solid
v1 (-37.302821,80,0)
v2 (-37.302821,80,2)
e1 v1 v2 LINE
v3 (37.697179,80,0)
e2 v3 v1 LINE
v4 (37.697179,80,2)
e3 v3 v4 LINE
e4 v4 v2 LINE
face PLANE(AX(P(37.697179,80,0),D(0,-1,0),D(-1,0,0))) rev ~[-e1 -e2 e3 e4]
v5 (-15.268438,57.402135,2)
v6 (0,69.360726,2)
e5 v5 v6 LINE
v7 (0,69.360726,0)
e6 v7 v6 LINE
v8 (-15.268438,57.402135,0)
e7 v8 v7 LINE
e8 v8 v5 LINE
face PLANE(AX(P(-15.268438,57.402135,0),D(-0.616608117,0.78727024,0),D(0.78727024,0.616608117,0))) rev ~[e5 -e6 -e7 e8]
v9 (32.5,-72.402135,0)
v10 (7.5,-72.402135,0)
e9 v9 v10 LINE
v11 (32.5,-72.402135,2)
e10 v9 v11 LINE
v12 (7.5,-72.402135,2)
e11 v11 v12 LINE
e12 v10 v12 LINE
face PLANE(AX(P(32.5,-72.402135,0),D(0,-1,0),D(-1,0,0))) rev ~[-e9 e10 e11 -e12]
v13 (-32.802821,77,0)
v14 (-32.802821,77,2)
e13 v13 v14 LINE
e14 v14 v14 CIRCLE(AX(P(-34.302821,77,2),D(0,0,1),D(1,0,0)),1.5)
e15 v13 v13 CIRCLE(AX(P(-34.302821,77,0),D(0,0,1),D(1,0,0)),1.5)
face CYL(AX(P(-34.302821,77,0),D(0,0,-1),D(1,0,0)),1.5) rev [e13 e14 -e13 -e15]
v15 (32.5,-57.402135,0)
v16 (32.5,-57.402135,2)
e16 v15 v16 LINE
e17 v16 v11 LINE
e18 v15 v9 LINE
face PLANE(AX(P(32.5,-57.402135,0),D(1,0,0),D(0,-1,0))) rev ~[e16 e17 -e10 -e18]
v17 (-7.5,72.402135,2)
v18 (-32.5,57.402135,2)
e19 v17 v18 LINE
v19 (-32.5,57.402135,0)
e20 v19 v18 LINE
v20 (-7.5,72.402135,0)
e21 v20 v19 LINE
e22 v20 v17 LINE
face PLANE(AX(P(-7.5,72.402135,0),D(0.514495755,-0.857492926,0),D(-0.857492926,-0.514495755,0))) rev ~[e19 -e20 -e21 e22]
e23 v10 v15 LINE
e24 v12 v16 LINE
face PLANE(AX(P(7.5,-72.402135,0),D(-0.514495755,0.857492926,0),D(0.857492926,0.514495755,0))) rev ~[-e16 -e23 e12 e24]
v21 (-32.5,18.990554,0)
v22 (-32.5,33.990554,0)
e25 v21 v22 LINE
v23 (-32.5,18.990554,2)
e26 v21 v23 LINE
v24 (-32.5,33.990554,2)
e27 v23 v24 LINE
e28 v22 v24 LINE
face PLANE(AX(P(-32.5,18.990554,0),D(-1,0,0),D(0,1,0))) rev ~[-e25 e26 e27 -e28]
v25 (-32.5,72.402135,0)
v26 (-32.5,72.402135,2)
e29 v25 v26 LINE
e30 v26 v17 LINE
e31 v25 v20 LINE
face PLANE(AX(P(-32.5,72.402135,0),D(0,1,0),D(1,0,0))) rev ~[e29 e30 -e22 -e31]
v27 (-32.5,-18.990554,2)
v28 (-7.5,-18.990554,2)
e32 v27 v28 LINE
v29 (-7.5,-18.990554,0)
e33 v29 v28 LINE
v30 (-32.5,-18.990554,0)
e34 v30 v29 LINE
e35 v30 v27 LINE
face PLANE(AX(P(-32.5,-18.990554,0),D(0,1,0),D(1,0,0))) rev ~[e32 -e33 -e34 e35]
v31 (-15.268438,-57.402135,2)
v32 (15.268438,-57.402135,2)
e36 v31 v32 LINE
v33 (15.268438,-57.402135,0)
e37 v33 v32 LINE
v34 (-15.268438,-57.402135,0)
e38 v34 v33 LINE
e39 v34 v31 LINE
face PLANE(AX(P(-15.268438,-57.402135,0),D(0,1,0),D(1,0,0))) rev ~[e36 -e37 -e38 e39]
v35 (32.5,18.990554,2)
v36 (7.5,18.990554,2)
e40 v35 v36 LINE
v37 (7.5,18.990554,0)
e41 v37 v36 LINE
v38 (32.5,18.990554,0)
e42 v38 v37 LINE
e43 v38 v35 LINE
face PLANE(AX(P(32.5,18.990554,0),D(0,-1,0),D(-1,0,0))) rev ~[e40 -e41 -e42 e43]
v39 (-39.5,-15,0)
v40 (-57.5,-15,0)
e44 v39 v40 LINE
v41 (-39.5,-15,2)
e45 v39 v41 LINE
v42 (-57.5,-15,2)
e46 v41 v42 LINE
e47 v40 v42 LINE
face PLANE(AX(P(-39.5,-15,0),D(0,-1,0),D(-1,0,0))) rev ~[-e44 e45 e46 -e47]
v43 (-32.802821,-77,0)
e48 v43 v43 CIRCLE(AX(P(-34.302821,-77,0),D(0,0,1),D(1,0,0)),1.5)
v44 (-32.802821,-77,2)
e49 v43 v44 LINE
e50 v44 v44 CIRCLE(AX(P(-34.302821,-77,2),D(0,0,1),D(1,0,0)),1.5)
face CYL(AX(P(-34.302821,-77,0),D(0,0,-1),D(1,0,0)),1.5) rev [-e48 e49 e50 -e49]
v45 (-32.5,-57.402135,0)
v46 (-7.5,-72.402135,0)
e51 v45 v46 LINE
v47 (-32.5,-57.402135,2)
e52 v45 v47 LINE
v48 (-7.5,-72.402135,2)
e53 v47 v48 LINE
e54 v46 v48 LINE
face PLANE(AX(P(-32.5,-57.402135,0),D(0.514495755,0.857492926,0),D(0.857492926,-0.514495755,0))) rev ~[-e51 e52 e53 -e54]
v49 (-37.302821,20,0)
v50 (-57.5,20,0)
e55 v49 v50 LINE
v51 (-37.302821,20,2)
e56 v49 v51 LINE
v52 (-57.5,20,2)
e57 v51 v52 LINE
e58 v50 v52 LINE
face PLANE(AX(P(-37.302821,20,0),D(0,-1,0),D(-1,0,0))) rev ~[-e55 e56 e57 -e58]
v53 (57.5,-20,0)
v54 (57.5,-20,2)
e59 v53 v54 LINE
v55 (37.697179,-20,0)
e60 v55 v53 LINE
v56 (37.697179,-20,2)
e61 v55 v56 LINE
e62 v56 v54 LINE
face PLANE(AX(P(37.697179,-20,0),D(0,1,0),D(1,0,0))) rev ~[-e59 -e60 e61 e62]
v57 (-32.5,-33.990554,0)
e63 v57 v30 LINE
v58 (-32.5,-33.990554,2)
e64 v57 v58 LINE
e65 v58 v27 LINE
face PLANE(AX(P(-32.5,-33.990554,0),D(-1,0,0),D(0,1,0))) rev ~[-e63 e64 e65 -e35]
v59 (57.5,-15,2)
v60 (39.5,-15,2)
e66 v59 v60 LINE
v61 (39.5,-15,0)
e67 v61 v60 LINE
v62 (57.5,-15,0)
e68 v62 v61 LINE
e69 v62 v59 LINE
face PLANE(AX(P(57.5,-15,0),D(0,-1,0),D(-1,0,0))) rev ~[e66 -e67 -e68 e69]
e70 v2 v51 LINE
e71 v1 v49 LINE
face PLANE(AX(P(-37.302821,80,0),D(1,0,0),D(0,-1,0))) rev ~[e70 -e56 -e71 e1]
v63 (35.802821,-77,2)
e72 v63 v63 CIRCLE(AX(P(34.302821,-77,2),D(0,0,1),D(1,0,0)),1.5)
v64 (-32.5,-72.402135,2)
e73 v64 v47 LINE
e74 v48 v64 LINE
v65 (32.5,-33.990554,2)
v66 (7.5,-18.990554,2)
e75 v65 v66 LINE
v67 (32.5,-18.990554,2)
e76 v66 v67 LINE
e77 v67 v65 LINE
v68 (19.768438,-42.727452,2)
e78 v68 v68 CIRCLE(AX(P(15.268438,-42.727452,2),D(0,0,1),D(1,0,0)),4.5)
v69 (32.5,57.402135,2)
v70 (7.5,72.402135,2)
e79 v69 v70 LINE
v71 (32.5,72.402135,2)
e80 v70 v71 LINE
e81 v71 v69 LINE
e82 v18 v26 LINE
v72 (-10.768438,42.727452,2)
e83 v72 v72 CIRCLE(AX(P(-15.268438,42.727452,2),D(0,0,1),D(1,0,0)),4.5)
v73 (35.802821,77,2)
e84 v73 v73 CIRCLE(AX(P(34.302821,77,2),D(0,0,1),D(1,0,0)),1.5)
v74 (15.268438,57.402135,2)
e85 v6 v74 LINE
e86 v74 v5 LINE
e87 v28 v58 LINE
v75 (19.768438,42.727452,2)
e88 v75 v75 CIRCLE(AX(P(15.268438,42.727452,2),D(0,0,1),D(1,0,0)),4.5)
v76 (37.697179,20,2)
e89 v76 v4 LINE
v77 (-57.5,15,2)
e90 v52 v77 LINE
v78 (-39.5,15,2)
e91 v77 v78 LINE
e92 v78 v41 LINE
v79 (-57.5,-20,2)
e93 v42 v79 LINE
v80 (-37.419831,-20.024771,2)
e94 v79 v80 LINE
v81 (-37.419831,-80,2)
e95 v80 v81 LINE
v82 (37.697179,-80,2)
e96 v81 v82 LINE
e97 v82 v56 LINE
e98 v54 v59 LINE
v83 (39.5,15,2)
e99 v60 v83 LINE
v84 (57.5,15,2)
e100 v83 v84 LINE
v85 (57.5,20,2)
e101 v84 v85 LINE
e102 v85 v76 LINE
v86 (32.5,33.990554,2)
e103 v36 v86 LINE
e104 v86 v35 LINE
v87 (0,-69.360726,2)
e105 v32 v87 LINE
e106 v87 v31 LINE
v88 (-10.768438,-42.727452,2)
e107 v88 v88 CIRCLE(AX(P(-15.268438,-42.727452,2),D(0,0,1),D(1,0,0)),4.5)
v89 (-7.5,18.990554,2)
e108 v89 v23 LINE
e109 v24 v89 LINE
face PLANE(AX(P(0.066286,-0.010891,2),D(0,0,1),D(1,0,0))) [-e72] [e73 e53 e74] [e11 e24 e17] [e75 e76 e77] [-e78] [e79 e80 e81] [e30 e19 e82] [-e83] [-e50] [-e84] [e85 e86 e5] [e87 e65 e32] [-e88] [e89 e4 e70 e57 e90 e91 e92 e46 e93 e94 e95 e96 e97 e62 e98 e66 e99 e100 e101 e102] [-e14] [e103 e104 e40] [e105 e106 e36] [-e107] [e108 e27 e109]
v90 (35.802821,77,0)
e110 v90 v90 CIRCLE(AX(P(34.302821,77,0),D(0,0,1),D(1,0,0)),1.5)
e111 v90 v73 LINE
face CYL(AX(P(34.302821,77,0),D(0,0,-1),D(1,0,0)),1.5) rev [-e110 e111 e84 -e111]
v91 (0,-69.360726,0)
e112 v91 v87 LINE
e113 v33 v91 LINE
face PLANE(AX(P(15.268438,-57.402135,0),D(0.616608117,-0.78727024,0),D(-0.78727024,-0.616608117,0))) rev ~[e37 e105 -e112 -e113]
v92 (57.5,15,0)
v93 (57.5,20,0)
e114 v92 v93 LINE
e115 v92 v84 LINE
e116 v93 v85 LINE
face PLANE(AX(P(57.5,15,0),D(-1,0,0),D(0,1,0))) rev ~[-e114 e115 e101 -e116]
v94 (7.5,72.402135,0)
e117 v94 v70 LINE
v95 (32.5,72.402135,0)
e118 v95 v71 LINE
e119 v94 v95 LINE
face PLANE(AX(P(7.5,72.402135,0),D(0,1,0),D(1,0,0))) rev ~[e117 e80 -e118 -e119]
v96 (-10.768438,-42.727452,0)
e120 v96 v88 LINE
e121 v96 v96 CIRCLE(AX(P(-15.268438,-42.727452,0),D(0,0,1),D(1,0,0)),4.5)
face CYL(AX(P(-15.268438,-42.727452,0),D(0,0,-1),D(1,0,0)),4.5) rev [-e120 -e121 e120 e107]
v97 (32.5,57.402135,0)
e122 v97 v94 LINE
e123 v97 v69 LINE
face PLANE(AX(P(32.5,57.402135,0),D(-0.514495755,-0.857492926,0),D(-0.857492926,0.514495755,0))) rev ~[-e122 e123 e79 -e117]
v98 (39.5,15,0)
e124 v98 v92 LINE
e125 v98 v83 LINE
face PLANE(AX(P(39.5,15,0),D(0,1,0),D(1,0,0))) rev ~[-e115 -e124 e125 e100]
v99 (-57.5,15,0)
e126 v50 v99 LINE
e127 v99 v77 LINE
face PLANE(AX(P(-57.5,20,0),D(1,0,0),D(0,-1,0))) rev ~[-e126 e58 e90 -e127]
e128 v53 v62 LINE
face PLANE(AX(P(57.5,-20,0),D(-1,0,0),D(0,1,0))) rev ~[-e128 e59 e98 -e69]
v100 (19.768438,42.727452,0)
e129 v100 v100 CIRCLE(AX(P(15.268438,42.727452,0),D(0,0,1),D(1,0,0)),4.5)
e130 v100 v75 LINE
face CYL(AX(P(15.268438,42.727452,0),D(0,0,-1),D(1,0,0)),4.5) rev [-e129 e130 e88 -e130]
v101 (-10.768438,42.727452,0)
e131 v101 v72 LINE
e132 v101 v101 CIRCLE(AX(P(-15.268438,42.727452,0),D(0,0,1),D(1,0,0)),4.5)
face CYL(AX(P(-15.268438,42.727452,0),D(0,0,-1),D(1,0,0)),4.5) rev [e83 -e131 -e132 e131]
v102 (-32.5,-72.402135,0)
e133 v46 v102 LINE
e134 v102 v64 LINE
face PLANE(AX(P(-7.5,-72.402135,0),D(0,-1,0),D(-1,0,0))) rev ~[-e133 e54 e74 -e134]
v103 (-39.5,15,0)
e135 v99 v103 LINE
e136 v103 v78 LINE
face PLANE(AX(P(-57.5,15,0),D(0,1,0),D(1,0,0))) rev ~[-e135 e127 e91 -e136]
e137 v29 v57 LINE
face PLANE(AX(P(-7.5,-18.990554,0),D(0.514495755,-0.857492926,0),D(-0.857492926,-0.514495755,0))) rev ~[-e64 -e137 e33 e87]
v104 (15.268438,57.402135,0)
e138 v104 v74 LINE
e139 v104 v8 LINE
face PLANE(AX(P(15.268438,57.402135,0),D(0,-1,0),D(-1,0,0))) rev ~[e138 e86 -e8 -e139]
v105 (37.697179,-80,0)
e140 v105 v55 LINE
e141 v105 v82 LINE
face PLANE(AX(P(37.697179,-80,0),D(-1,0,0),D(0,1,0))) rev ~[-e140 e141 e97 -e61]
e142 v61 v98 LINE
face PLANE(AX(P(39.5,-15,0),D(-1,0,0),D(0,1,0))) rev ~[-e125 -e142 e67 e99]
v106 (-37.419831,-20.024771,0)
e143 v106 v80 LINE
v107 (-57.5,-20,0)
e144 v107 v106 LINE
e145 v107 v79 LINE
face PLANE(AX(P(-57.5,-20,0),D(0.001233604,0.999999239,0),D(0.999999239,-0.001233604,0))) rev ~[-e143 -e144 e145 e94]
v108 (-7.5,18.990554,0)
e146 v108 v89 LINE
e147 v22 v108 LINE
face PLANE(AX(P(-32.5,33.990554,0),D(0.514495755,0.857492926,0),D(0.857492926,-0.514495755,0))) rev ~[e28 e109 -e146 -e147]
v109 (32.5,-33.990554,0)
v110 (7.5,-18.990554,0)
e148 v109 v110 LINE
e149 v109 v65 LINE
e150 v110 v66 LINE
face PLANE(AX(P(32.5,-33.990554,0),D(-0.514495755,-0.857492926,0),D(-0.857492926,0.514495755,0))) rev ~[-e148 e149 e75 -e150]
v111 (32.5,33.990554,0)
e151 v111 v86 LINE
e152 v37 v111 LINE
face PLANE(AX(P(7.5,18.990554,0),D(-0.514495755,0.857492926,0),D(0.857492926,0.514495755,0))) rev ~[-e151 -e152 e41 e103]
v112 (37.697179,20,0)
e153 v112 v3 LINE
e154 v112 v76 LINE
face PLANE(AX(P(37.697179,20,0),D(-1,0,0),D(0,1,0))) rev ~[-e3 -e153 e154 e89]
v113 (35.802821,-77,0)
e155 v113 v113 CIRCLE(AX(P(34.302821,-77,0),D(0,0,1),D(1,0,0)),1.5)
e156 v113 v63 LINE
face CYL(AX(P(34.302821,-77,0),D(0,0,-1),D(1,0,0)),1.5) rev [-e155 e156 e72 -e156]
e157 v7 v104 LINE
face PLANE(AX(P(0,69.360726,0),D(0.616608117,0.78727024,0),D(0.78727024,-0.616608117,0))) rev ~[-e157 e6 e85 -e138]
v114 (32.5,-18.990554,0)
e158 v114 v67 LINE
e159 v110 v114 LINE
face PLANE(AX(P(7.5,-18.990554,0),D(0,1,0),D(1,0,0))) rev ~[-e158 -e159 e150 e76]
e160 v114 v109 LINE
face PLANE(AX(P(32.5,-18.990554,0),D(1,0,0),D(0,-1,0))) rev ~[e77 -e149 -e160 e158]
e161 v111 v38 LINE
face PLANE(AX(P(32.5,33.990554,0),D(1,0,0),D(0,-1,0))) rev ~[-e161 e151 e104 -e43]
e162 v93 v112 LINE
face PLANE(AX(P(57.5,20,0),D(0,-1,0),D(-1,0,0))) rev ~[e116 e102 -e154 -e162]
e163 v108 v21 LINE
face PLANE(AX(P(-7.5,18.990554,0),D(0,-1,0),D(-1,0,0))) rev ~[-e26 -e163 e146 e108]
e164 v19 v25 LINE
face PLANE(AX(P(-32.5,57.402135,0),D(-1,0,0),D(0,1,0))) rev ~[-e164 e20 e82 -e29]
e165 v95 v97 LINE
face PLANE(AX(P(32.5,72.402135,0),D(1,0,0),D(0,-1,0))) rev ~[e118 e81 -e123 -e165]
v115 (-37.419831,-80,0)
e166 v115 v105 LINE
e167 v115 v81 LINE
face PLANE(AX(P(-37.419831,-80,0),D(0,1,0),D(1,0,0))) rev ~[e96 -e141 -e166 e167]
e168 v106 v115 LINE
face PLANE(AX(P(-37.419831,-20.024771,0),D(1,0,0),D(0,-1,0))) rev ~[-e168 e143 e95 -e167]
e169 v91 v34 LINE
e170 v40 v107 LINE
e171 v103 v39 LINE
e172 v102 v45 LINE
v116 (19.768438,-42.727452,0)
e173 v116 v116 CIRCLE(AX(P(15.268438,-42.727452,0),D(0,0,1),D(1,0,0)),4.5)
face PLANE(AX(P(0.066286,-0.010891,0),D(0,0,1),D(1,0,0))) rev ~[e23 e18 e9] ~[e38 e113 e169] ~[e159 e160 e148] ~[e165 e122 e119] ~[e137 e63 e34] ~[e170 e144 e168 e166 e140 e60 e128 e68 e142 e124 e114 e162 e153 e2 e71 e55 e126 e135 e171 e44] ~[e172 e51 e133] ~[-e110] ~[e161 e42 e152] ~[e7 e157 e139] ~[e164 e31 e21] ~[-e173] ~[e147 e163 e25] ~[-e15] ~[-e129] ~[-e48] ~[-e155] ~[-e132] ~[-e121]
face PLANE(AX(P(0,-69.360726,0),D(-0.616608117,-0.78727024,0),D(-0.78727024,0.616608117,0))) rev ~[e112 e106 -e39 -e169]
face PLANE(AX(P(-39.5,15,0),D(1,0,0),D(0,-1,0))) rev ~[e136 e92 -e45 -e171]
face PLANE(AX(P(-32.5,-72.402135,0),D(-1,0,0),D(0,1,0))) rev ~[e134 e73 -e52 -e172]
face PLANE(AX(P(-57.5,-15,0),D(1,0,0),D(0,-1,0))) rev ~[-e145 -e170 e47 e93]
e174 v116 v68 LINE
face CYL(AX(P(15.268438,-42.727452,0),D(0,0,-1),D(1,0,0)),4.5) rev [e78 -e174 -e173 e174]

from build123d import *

# Parameters (mm, degrees)
F0_R     = 1.5
F0_R_2   = 4.5
F1_DEPTH = 2


with BuildPart() as f1:
    # F0 (on Top) → F1 (new body)
    with BuildSketch(Plane.XY):
        Polygon((-37.302821, 20), (-57.5, 20), (-57.5, 15), (-39.5, 15), (-39.5, -15), (-57.5, -15), (-57.5, -20), (-37.419831, -20.024771), (-37.419831, -80), (37.697179, -80), (37.697179, -20), (57.5, -20), (57.5, -15), (39.5, -15), (39.5, 15), (57.5, 15), (57.5, 20), (37.697179, 20), (37.697179, 80), (-37.302821, 80), align=None)
        with Locations((-34.302821, -77)):
            Circle(F0_R, mode=Mode.SUBTRACT)
        Polygon((-32.5, -72.402135), (-32.5, -57.402135), (-7.5, -72.402135), align=None, mode=Mode.SUBTRACT)
        with Locations((-15.268438, -42.727452)):
            Circle(F0_R_2, mode=Mode.SUBTRACT)
        Polygon((-32.5, -18.990554), (-7.5, -18.990554), (-32.5, -33.990554), align=None, mode=Mode.SUBTRACT)
        Polygon((0, -69.360726), (-15.268438, -57.402135), (15.268438, -57.402135), align=None, mode=Mode.SUBTRACT)
        Polygon((32.5, -57.402135), (32.5, -72.402135), (7.5, -72.402135), align=None, mode=Mode.SUBTRACT)
        with Locations((15.268438, -42.727452)):
            Circle(F0_R_2, mode=Mode.SUBTRACT)
        with Locations((34.302821, -77)):
            Circle(F0_R, mode=Mode.SUBTRACT)
        Polygon((32.5, -33.990554), (7.5, -18.990554), (32.5, -18.990554), align=None, mode=Mode.SUBTRACT)
        Polygon((-32.5, 18.990554), (-32.5, 33.990554), (-7.5, 18.990554), align=None, mode=Mode.SUBTRACT)
        with Locations((-34.302821, 77)):
            Circle(F0_R, mode=Mode.SUBTRACT)
        with Locations((-15.268438, 42.727452)):
            Circle(F0_R_2, mode=Mode.SUBTRACT)
        Polygon((-7.5, 72.402135), (-32.5, 57.402135), (-32.5, 72.402135), align=None, mode=Mode.SUBTRACT)
        Polygon((32.5, 18.990554), (7.5, 18.990554), (32.5, 33.990554), align=None, mode=Mode.SUBTRACT)
        with Locations((15.268438, 42.727452)):
            Circle(F0_R_2, mode=Mode.SUBTRACT)
        Polygon((15.268438, 57.402135), (-15.268438, 57.402135), (0, 69.360726), align=None, mode=Mode.SUBTRACT)
        Polygon((32.5, 72.402135), (32.5, 57.402135), (7.5, 72.402135), align=None, mode=Mode.SUBTRACT)
        with Locations((34.302821, 77)):
            Circle(F0_R, mode=Mode.SUBTRACT)
    extrude(amount=F1_DEPTH)


solid = f1.part
